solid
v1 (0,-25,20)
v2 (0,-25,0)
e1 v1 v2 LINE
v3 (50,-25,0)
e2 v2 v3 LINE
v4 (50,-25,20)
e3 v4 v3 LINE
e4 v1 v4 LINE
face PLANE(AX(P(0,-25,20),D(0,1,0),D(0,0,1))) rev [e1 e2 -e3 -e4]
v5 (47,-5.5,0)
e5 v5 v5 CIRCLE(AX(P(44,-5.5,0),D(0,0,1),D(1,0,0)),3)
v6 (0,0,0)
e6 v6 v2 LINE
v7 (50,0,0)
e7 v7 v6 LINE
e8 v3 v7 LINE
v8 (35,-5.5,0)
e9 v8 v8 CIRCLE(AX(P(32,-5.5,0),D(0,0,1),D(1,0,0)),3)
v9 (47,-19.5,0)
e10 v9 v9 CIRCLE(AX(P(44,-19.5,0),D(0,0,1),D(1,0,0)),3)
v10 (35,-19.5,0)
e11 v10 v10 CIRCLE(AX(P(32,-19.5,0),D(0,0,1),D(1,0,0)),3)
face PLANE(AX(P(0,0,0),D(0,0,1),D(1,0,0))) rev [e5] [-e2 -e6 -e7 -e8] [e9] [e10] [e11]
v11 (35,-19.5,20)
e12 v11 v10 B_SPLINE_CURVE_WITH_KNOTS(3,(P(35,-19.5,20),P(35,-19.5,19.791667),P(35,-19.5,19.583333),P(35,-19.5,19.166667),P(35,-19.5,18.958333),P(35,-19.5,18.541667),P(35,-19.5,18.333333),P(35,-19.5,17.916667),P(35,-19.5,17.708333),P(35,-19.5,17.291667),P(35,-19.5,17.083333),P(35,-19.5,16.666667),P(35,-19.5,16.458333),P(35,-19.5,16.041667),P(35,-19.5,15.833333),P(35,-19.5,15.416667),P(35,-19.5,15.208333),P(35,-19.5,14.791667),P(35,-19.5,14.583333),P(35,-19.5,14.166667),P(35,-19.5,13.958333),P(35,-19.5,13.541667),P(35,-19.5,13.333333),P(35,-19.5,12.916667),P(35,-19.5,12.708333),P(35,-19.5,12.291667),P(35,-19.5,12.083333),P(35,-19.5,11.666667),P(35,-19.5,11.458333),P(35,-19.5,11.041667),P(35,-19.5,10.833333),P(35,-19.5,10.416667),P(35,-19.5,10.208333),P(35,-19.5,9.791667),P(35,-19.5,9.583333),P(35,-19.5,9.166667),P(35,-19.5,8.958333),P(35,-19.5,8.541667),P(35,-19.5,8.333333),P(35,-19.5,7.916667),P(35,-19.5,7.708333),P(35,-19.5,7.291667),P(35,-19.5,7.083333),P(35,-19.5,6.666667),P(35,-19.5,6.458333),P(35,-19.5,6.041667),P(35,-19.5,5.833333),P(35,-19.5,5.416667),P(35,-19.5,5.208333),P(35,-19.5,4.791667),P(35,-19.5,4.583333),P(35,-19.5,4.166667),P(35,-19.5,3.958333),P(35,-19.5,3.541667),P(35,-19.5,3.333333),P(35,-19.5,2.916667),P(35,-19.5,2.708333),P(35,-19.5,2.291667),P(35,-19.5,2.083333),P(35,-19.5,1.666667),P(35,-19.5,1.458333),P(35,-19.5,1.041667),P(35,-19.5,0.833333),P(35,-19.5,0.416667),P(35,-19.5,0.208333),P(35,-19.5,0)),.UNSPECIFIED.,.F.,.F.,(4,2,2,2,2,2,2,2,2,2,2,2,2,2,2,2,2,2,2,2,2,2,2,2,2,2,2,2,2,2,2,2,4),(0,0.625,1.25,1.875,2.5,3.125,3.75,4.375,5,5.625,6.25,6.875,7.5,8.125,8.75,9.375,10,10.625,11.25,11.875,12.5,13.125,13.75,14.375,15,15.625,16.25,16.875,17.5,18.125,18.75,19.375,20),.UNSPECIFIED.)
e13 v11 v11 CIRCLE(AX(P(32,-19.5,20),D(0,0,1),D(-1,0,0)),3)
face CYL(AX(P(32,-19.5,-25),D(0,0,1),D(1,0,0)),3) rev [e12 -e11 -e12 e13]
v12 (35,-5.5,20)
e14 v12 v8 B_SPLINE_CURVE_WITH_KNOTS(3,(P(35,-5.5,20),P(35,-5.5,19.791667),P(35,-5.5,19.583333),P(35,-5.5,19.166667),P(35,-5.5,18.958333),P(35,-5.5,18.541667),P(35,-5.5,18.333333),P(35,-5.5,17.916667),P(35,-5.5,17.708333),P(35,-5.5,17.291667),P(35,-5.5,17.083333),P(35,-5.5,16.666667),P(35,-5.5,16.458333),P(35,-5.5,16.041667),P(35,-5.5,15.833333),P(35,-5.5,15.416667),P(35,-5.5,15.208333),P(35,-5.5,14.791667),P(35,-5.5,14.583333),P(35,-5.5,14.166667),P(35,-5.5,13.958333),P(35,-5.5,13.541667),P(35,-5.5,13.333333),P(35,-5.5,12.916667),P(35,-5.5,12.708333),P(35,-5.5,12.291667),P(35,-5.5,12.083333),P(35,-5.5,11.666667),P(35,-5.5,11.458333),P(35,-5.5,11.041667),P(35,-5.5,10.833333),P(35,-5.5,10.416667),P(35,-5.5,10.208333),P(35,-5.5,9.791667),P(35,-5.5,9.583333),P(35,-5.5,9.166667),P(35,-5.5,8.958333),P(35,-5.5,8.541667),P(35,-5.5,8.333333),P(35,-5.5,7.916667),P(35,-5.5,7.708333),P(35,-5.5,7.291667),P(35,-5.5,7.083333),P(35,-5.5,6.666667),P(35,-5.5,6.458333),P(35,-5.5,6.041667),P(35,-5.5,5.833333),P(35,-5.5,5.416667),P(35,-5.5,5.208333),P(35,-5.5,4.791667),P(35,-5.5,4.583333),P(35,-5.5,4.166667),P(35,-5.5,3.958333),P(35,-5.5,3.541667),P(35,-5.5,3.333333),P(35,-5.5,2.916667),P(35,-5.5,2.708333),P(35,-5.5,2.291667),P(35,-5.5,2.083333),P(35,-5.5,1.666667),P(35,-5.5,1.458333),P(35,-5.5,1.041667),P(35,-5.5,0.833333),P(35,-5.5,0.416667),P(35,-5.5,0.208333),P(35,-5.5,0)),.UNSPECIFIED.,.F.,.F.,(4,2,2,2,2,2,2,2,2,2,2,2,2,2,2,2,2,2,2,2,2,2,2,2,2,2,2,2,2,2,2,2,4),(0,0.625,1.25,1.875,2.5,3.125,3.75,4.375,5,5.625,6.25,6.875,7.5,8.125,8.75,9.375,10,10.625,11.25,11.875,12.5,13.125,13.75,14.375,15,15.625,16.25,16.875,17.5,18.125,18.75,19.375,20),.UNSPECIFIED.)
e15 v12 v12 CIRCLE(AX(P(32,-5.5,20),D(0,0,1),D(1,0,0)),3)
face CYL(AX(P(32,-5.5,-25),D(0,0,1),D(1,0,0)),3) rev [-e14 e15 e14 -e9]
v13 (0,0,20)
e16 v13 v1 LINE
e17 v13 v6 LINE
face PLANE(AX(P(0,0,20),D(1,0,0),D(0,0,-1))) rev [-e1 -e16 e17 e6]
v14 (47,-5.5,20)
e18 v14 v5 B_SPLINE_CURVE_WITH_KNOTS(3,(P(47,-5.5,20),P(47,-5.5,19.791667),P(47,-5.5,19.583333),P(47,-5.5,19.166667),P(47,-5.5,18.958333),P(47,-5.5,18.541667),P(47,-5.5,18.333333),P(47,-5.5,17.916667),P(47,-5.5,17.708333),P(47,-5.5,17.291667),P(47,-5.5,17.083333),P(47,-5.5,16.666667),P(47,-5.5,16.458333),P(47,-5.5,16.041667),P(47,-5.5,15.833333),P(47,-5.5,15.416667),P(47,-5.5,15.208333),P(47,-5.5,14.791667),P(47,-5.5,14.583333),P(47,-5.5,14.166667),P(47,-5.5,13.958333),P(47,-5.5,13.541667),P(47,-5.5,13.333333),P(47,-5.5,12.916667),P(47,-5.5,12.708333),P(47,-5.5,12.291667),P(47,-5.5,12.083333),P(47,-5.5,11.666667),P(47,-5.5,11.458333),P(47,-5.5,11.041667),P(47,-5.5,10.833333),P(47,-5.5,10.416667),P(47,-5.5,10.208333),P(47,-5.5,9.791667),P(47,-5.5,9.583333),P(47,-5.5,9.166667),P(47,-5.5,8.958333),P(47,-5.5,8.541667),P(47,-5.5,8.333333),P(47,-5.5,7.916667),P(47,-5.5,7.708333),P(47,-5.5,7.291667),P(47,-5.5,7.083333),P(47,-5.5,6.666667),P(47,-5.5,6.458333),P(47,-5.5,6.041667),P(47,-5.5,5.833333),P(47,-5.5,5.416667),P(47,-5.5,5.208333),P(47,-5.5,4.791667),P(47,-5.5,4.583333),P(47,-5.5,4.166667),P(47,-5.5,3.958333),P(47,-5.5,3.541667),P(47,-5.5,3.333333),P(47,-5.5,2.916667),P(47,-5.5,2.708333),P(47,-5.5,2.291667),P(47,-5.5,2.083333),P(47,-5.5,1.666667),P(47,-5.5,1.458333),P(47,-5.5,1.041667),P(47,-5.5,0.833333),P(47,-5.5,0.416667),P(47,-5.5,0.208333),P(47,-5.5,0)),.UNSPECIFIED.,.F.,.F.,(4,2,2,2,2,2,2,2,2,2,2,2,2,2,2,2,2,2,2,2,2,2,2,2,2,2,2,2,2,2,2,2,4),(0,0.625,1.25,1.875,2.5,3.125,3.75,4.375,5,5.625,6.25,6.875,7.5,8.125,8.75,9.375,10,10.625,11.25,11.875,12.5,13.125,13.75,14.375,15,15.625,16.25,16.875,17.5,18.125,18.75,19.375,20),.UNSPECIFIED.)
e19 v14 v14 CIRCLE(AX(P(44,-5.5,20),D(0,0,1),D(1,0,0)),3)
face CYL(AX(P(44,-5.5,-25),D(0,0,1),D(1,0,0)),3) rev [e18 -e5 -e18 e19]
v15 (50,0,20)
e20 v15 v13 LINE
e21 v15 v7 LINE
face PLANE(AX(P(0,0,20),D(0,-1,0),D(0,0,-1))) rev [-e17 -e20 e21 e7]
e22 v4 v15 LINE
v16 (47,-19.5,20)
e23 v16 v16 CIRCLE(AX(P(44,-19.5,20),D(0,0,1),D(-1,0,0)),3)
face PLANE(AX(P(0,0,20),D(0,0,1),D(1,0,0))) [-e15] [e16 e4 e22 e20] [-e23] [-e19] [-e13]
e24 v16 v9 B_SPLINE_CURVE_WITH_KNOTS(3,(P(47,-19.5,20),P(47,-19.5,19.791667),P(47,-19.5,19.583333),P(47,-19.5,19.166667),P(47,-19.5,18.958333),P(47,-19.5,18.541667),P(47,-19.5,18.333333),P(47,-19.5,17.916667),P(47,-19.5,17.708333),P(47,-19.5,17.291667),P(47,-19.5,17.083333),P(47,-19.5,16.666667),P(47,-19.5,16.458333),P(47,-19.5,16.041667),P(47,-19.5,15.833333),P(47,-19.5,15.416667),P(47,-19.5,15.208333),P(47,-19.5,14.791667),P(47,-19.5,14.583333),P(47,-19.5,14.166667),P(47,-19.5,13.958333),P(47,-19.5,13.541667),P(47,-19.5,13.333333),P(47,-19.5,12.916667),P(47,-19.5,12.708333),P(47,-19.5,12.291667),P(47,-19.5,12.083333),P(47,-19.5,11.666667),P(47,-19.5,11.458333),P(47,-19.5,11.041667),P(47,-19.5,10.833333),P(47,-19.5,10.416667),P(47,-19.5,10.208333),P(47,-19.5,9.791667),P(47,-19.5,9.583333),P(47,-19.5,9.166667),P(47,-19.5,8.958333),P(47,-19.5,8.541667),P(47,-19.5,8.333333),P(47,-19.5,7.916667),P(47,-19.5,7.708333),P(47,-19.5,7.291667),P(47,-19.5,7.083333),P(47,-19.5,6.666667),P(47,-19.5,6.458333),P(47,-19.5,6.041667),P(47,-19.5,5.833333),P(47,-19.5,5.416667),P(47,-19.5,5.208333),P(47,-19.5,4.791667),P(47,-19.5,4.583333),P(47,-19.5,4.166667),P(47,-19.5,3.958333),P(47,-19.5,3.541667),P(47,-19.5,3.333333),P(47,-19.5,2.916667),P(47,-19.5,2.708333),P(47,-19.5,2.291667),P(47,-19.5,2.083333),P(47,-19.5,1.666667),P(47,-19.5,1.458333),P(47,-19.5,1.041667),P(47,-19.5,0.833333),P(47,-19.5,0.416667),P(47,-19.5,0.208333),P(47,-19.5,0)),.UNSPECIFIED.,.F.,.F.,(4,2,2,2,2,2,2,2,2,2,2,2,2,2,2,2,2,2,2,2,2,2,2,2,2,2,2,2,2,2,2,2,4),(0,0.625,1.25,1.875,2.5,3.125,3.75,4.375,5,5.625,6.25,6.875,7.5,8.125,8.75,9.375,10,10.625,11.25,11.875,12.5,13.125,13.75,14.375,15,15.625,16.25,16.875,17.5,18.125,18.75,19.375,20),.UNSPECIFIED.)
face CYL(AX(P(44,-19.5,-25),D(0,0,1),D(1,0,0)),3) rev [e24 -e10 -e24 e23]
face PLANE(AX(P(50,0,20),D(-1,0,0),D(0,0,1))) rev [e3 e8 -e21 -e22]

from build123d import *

# Parameters (mm, degrees)
SKETCH_1_W          = 50
SKETCH_1_H          = 25
EXTRUDE_1_DEPTH     = 20
SKETCH_2_R          = 3
CUT_EXTRUDE_1_DEPTH = 45


with BuildPart() as part:
    # 草图1 → 凸台-拉伸1 (new body)
    with BuildSketch(Plane.XY):
        with Locations((25, -12.5)):
            Rectangle(SKETCH_1_W, SKETCH_1_H)
    extrude(amount=EXTRUDE_1_DEPTH)

    # 草图2 → 切除-拉伸1 (cut)
    with BuildSketch(Plane.XY.offset(20)):
        with Locations((44, -5.5)):
            Circle(SKETCH_2_R)
        with Locations((32, -5.5)):
            Circle(SKETCH_2_R)
        with Locations((32, -19.5)):
            Circle(SKETCH_2_R)
        with Locations((44, -19.5)):
            Circle(SKETCH_2_R)
    extrude(amount=-CUT_EXTRUDE_1_DEPTH, mode=Mode.SUBTRACT)


solid = part.part
